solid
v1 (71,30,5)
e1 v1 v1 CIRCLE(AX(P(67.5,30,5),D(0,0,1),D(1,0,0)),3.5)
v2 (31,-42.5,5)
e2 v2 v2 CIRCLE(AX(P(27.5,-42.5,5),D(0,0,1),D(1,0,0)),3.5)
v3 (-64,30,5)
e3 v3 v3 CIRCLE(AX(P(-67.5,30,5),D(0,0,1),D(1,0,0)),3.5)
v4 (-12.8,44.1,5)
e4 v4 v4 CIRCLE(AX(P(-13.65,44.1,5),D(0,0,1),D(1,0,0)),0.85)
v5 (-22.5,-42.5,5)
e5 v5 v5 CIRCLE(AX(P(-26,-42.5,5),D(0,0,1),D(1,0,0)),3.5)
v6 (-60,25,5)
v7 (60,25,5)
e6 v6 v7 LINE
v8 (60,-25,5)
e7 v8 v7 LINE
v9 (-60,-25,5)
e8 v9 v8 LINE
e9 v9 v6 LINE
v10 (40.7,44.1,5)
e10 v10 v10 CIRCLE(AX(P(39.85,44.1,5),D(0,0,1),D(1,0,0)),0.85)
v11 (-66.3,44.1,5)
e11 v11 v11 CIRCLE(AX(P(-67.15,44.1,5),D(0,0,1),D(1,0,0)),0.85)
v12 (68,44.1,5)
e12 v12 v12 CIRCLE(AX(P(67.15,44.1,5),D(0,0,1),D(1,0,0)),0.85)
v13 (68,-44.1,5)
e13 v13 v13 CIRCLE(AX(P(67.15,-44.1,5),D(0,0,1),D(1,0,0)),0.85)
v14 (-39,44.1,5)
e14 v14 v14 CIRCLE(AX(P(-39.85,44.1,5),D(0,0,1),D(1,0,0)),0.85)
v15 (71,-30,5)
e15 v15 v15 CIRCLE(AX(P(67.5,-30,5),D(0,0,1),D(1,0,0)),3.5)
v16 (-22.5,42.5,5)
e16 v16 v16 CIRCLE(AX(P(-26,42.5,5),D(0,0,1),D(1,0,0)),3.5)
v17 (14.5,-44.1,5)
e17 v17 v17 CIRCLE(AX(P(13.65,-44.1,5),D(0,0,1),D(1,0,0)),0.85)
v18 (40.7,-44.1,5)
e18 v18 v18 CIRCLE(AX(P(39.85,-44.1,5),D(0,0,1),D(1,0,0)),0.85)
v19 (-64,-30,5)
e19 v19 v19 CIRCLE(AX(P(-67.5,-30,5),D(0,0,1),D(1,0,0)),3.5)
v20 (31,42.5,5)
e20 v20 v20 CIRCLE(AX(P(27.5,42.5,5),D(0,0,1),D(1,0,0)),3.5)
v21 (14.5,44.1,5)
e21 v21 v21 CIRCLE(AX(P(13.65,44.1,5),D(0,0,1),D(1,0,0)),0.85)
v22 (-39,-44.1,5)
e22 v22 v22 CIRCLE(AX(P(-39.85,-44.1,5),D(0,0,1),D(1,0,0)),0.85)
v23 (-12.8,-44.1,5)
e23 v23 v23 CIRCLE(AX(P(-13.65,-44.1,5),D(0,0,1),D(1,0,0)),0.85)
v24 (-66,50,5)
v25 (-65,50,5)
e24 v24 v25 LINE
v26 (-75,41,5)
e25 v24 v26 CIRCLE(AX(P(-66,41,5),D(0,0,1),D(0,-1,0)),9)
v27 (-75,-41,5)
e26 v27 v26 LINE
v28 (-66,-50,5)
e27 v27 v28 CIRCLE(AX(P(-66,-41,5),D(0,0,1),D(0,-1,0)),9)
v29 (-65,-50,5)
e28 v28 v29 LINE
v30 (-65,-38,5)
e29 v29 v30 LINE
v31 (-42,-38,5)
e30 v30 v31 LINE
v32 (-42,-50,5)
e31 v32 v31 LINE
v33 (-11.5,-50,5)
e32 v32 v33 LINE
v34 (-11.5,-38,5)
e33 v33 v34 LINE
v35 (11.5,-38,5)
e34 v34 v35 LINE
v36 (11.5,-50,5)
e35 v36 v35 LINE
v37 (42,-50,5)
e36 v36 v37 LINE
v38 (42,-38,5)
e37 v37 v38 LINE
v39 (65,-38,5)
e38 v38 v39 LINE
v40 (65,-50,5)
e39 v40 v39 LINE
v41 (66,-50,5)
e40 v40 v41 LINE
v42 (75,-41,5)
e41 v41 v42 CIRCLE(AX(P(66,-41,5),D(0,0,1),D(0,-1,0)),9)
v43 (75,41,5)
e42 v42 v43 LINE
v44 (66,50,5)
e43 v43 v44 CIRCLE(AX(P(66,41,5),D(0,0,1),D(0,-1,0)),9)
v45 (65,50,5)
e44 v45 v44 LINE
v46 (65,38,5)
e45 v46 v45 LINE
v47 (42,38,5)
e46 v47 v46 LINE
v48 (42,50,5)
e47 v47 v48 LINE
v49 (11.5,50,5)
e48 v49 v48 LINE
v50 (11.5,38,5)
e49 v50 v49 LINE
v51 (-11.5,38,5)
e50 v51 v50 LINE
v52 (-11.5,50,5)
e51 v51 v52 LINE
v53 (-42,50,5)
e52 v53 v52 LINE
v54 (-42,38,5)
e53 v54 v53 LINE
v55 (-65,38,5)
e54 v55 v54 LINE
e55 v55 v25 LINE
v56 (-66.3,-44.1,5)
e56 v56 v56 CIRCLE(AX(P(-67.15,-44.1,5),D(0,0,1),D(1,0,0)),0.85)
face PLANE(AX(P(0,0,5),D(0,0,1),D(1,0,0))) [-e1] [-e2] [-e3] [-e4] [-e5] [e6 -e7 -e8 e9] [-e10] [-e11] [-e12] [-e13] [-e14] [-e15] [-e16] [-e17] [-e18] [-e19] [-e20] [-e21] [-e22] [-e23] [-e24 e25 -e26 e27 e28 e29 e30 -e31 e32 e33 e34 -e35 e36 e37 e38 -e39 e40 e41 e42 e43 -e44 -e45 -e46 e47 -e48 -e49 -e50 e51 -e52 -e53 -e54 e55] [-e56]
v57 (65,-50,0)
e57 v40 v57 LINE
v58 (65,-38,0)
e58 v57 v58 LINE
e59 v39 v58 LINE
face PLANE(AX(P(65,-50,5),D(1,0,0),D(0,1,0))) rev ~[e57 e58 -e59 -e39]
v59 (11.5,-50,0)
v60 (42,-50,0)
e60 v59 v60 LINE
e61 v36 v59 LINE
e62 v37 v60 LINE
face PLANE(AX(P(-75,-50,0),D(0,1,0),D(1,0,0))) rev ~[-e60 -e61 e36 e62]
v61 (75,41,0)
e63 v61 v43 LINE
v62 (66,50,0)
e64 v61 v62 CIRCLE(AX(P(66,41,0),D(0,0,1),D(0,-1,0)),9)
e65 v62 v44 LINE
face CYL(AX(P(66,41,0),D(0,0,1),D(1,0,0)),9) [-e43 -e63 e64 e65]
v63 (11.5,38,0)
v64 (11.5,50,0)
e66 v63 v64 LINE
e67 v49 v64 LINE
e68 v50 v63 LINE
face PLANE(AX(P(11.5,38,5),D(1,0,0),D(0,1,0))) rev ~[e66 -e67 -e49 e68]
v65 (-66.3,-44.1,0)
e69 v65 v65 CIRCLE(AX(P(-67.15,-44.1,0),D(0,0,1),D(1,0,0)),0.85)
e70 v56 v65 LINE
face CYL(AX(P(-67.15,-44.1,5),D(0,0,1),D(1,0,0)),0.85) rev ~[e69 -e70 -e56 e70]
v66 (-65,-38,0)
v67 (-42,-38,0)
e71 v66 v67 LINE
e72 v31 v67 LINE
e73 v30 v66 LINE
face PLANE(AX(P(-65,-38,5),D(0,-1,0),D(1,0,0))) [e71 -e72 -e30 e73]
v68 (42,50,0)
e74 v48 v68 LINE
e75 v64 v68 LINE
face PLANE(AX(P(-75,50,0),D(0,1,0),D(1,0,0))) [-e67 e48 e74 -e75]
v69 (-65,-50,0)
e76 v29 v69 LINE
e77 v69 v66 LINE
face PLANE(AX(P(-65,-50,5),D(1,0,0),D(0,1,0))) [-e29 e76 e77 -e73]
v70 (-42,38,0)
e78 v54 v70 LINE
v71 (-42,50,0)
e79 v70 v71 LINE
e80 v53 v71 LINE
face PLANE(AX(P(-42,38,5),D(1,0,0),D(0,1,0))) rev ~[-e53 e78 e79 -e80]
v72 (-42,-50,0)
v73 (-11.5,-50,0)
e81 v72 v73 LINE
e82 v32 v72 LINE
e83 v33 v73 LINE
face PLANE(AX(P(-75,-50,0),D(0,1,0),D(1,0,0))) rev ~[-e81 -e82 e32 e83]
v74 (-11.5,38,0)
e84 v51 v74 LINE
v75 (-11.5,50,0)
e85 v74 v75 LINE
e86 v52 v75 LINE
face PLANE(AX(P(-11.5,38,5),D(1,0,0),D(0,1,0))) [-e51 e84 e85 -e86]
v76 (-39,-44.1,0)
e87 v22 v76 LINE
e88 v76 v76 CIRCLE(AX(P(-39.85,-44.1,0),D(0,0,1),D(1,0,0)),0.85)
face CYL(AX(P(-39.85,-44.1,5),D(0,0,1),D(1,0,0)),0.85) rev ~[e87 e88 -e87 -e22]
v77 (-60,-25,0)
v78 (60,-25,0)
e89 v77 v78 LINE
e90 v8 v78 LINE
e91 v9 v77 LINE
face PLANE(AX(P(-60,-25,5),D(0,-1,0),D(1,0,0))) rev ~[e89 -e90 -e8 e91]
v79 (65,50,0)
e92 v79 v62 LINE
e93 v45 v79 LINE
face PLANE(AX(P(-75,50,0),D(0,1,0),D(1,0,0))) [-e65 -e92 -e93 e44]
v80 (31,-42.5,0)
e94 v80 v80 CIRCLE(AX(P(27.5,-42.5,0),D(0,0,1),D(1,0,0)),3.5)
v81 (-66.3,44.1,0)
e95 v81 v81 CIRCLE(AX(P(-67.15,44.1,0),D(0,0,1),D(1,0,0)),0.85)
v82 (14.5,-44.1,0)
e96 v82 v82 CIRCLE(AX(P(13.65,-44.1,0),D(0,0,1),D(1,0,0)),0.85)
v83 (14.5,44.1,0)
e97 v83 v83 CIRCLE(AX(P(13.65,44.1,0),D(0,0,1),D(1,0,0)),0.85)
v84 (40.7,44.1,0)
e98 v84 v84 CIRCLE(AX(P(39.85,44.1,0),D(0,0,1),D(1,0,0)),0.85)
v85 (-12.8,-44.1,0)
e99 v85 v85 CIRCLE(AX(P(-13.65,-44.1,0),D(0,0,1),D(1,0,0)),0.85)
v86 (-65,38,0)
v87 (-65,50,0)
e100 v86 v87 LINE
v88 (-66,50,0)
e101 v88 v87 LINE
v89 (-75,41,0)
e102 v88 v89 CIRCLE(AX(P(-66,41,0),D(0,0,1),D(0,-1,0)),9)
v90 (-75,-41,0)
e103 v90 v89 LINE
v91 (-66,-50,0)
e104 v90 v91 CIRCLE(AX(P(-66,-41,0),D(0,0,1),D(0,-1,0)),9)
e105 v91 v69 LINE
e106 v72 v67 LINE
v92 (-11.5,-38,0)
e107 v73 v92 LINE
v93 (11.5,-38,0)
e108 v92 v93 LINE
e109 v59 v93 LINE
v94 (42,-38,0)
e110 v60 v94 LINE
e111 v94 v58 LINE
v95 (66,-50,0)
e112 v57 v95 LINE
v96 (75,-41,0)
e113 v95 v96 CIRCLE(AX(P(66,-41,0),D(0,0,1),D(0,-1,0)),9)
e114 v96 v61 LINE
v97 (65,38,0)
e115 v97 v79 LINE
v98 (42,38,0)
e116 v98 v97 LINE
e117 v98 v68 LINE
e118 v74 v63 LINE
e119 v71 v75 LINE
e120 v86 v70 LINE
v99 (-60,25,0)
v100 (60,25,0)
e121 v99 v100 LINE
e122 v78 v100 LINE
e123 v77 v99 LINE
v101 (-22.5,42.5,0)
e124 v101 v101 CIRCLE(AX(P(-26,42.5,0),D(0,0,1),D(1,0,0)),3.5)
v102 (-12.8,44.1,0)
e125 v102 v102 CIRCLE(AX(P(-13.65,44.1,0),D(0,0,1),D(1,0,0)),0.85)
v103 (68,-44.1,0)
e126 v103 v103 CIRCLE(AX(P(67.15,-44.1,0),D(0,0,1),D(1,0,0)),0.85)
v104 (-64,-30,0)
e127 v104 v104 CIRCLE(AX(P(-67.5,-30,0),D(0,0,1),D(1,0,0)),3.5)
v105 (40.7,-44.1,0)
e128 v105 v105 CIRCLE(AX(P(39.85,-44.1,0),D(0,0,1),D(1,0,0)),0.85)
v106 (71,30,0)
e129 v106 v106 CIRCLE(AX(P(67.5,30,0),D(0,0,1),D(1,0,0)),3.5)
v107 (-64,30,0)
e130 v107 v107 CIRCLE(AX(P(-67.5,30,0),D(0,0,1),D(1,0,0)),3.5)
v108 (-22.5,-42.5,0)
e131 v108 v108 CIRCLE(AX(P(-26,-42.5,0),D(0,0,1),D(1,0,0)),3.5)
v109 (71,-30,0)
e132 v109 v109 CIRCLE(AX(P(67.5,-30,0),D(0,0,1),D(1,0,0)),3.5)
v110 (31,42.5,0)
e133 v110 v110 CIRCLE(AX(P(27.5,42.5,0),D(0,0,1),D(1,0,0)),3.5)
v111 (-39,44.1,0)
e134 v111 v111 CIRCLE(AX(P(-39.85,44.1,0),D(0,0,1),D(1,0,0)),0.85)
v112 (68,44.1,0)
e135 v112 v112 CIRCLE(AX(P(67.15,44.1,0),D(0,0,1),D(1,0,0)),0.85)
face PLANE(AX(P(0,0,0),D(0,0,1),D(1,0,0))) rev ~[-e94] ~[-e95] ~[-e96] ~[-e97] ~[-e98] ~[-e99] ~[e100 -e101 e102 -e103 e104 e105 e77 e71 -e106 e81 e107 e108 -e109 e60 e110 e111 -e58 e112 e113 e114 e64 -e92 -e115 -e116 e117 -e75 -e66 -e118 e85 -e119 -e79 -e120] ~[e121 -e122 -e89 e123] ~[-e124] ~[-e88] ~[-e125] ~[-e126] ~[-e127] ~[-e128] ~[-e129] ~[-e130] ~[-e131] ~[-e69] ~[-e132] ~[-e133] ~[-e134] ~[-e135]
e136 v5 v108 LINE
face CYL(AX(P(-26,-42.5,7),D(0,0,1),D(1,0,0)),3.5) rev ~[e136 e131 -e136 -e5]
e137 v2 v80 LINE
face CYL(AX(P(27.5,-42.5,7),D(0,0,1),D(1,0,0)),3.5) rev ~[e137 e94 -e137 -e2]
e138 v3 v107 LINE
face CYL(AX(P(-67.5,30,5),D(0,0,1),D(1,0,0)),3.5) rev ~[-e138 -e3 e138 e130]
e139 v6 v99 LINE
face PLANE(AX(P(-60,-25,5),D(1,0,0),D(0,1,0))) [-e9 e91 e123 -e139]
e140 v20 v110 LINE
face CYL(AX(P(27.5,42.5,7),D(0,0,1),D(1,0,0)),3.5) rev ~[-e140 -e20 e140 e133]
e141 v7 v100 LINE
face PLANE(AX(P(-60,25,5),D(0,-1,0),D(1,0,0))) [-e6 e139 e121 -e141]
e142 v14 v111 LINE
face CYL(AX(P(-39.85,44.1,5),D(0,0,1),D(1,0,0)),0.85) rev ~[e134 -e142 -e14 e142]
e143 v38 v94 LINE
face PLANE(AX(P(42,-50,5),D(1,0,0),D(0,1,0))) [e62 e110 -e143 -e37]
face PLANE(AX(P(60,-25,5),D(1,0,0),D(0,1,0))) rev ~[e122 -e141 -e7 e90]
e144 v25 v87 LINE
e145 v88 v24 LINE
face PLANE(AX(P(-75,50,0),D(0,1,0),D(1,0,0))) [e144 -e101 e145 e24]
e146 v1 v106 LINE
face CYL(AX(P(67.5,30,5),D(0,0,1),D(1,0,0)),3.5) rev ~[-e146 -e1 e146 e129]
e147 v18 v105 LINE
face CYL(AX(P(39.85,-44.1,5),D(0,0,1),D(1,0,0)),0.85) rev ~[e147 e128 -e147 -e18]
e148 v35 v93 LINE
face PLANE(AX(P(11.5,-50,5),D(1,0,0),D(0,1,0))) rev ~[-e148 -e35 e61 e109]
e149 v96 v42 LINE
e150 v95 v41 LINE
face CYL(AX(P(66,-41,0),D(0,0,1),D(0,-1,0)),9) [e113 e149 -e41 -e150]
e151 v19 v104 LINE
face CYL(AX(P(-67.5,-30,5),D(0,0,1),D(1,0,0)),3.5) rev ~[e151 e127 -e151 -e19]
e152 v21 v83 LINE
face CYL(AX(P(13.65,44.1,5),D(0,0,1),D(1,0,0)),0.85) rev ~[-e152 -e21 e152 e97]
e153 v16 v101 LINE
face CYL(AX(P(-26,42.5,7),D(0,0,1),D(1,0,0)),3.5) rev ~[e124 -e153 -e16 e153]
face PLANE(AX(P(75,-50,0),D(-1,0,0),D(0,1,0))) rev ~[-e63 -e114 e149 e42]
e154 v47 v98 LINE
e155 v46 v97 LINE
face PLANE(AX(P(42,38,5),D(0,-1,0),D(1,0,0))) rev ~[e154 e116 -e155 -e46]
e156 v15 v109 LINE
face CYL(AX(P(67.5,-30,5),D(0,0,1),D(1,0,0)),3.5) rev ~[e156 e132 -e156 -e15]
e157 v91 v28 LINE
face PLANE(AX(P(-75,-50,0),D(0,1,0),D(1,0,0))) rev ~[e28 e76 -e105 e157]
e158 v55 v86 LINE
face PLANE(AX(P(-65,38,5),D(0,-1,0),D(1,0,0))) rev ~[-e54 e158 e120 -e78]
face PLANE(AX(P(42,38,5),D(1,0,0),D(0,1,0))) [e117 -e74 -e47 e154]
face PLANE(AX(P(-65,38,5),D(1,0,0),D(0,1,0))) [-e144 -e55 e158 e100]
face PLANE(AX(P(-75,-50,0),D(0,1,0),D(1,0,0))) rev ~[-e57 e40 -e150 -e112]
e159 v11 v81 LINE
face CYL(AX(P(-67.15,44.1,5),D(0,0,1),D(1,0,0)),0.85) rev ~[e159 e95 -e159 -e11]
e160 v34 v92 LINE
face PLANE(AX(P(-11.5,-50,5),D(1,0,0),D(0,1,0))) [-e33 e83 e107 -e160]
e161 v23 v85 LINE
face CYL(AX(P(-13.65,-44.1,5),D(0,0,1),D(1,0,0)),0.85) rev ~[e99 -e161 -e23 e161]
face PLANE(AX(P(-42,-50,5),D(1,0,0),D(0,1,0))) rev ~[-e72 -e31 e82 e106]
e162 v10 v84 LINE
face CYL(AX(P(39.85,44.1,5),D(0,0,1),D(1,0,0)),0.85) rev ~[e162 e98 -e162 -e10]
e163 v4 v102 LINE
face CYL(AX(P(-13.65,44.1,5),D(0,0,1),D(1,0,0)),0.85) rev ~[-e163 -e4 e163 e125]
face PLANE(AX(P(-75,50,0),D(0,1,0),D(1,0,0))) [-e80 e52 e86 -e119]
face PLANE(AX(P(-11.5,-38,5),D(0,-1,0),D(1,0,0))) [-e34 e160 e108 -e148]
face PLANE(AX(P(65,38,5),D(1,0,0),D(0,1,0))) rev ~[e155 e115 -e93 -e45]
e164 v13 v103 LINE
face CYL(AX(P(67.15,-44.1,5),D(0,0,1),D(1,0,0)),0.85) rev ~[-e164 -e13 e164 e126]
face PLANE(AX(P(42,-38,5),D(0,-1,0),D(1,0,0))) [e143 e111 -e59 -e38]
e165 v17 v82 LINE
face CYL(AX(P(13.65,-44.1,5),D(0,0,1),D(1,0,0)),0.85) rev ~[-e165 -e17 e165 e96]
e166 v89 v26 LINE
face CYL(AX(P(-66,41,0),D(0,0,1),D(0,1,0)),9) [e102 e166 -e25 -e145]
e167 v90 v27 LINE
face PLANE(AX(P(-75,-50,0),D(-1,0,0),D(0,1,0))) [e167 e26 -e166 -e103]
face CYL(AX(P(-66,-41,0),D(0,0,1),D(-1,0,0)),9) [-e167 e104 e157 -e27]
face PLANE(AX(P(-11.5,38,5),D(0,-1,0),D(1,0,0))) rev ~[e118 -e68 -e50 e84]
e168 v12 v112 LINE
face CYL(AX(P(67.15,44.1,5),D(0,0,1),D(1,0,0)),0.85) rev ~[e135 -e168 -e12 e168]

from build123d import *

# Parameters (mm, degrees)
SKETCH_W        = 150
SKETCH_H        = 100
PAD_DEPTH       = 5
SKETCH001_W     = 23
SKETCH001_H     = 12
POCKET_DEPTH    = 16
SKETCH002_R     = 0.85
SKETCH002_R_2   = 3.5
SKETCH002_W     = 120
SKETCH002_H     = 50
POCKET001_DEPTH = 10
SKETCH003_R     = 3.5
POCKET002_DEPTH = 10
FILLET_R        = 9
FILLET001_R     = 9
FILLET002_R     = 9
FILLET003_R     = 9


with BuildPart() as part:
    # Sketch → Pad (new body)
    with BuildSketch(Plane.XY):
        Rectangle(SKETCH_W, SKETCH_H)
    extrude(amount=PAD_DEPTH)

    # Sketch001 (on Face6 of Pad) → Pocket (cut)
    with BuildSketch(Plane.XY.offset(5)):
        with Locations((-53.5, 44)):
            Rectangle(SKETCH001_W, SKETCH001_H)
        with Locations((-53.5, -44)):
            Rectangle(SKETCH001_W, SKETCH001_H)
        with Locations((0, 44)):
            Rectangle(SKETCH001_W, SKETCH001_H)
        with Locations((0, -44)):
            Rectangle(SKETCH001_W, SKETCH001_H)
        with Locations((53.5, 44)):
            Rectangle(SKETCH001_W, SKETCH001_H)
        with Locations((53.5, -44)):
            Rectangle(SKETCH001_W, SKETCH001_H)
    extrude(amount=-POCKET_DEPTH, mode=Mode.SUBTRACT)

    # Sketch002 (on Face4 of Pocket) → Pocket001 (cut)
    with BuildSketch(Plane.XY.offset(5)):
        with Locations((-39.85, -44.1)):
            Circle(SKETCH002_R)
        with Locations((-67.15, 44.1)):
            Circle(SKETCH002_R)
        with Locations((-39.85, 44.1)):
            Circle(SKETCH002_R)
        with Locations((-13.65, 44.1)):
            Circle(SKETCH002_R)
        with Locations((13.65, 44.1)):
            Circle(SKETCH002_R)
        with Locations((39.85, 44.1)):
            Circle(SKETCH002_R)
        with Locations((67.15, 44.1)):
            Circle(SKETCH002_R)
        with Locations((39.85, -44.1)):
            Circle(SKETCH002_R)
        with Locations((67.15, -44.1)):
            Circle(SKETCH002_R)
        with Locations((13.65, -44.1)):
            Circle(SKETCH002_R)
        with Locations((-13.65, -44.1)):
            Circle(SKETCH002_R)
        with Locations((-67.15, -44.1)):
            Circle(SKETCH002_R)
        with Locations((67.5, 30)):
            Circle(SKETCH002_R_2)
        with Locations((67.5, -30)):
            Circle(SKETCH002_R_2)
        with Locations((-67.5, 30)):
            Circle(SKETCH002_R_2)
        with Locations((-67.5, -30)):
            Circle(SKETCH002_R_2)
        Rectangle(SKETCH002_W, SKETCH002_H)
    extrude(amount=-POCKET001_DEPTH, mode=Mode.SUBTRACT)

    # Sketch003 → Pocket002 (cut)
    with BuildSketch(Plane.XY.offset(7)):
        with Locations((-26, -42.5)):
            Circle(SKETCH003_R)
        with Locations((27.5, -42.5)):
            Circle(SKETCH003_R)
        with Locations((-26, 42.5)):
            Circle(SKETCH003_R)
        with Locations((27.5, 42.5)):
            Circle(SKETCH003_R)
    extrude(amount=-POCKET002_DEPTH, mode=Mode.SUBTRACT)

    # Fillet
    fillet_edges = [part.edges().sort_by_distance(p)[0] for p in [
        (75, -50, 2.5),
    ]]
    fillet(fillet_edges, radius=FILLET_R)

    # Fillet001
    fillet001_edges = [part.edges().sort_by_distance(p)[0] for p in [
        (75, 50, 2.5),
    ]]
    fillet(fillet001_edges, radius=FILLET001_R)

    # Fillet002
    fillet002_edges = [part.edges().sort_by_distance(p)[0] for p in [
        (-75, 50, 2.5),
    ]]
    fillet(fillet002_edges, radius=FILLET002_R)

    # Fillet003
    fillet003_edges = [part.edges().sort_by_distance(p)[0] for p in [
        (-75, -50, 2.5),
    ]]
    fillet(fillet003_edges, radius=FILLET003_R)


solid = part.part
